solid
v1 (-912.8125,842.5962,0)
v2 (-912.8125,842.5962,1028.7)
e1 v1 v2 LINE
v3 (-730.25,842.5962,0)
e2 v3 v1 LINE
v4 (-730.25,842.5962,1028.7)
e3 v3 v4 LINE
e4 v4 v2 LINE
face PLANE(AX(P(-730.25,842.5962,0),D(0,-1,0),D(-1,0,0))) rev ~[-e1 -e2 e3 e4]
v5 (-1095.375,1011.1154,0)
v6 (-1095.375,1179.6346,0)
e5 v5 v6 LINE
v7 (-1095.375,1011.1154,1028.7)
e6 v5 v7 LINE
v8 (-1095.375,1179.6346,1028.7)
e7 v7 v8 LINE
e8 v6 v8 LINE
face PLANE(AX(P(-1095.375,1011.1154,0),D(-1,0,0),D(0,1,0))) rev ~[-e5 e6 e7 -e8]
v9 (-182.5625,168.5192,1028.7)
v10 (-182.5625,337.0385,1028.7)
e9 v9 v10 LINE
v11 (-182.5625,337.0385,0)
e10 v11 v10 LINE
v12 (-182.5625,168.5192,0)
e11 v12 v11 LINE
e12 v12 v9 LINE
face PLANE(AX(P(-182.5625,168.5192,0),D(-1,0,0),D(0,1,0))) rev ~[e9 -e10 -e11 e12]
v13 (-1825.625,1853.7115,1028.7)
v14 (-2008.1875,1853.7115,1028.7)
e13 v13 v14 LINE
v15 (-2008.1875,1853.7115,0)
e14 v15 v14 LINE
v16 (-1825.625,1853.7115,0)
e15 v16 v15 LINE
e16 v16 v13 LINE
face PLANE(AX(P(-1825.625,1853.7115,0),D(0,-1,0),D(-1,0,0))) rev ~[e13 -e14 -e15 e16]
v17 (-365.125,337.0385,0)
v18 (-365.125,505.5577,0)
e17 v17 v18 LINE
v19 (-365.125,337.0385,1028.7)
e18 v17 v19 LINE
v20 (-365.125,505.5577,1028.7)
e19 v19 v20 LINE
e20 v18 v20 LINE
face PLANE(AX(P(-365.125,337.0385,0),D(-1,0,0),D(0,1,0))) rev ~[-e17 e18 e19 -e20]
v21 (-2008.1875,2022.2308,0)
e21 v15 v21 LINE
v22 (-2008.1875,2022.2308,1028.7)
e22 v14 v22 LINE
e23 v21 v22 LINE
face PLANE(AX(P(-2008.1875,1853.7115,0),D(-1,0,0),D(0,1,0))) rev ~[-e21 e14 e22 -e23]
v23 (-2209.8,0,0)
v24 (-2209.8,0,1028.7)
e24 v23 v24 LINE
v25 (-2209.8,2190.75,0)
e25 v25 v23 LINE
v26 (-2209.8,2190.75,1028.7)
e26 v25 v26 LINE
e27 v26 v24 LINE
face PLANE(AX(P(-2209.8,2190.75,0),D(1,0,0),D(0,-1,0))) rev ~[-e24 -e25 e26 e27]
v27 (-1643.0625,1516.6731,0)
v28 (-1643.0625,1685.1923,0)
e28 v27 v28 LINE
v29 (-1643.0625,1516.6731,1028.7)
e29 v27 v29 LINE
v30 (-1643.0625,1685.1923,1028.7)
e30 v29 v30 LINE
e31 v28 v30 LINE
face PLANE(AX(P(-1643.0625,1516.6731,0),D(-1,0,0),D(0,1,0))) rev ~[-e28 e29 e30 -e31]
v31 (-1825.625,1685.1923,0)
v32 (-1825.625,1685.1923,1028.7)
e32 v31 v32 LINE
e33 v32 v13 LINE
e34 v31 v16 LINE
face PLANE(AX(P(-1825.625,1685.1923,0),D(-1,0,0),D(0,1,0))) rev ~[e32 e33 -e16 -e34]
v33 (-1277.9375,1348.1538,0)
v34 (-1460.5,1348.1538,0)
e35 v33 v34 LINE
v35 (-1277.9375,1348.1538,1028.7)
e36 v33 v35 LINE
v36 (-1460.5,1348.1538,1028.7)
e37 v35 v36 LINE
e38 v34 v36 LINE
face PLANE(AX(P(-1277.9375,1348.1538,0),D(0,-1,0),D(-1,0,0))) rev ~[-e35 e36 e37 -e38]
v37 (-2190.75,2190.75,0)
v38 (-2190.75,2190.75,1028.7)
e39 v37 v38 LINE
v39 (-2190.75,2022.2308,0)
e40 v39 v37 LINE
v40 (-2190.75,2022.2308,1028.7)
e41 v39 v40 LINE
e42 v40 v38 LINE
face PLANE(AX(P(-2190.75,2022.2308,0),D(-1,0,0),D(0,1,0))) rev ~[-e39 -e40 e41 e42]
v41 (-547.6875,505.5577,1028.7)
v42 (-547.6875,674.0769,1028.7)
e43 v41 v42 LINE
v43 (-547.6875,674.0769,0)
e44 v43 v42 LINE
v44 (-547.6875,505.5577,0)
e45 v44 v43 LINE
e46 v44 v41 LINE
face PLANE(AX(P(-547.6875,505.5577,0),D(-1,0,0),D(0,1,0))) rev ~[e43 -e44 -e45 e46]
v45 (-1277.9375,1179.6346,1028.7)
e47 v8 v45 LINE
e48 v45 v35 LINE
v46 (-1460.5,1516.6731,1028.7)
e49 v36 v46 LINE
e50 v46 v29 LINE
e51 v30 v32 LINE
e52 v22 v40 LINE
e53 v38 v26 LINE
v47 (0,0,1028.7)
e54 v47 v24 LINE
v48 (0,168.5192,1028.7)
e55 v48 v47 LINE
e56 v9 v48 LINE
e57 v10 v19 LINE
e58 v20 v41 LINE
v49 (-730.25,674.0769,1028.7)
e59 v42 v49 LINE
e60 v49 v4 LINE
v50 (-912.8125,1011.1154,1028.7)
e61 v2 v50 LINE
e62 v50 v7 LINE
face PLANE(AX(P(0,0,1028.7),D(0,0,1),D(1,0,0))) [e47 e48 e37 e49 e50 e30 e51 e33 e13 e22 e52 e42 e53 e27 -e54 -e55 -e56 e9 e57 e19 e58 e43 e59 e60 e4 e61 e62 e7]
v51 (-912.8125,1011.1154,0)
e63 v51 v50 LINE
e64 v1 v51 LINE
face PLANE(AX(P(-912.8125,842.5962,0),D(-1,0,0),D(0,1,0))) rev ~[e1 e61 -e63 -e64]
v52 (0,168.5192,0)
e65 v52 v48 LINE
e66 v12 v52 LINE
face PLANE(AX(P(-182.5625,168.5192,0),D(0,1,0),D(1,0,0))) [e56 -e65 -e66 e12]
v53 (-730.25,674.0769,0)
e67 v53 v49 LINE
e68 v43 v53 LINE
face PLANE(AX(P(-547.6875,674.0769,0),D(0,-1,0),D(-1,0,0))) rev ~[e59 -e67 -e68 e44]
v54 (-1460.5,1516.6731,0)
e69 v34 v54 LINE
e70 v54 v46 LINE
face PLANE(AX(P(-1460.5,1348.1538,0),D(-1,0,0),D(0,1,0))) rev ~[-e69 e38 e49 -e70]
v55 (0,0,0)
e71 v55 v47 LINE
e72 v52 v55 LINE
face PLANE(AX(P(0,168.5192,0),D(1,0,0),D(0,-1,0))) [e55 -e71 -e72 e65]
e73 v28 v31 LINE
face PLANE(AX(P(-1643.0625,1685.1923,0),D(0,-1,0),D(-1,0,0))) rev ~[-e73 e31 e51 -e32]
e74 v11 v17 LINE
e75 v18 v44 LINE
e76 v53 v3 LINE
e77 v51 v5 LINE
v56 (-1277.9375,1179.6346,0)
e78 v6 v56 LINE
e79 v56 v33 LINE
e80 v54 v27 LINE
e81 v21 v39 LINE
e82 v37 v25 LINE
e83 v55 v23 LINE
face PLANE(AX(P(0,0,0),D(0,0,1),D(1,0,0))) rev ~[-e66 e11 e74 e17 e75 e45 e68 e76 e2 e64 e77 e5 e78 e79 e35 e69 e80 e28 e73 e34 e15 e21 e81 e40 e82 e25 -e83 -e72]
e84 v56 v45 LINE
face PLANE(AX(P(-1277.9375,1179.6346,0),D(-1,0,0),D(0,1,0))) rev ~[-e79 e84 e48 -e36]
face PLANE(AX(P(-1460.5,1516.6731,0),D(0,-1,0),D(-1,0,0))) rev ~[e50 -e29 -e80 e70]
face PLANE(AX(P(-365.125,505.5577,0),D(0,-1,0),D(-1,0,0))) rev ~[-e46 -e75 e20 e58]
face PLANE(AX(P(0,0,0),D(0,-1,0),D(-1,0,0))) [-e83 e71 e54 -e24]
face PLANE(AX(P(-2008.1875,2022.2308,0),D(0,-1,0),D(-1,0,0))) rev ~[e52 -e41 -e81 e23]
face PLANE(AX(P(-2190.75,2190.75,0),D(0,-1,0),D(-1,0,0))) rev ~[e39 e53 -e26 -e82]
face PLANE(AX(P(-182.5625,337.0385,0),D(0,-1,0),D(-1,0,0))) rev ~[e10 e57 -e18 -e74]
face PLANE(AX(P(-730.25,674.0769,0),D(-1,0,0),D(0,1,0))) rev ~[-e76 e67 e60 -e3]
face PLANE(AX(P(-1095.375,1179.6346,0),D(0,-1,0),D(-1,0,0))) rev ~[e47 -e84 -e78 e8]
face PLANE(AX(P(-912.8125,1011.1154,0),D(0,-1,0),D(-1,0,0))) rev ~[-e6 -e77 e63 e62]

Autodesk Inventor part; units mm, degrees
ref_plane "YZ Plane" through (0, 0, 0) normal (1, 0, 0) x (0, 1, 0)
ref_plane "XZ Plane" through (0, 0, 0) normal (0, 1, 0) x (-1, 0, 0)
ref_plane "XY Plane" through (0, 0, 0) normal (0, 0, 1) x (1, 0, 0)
sketch "Sketch1" plane through (0, 0, 0) normal (0, 0, 1) x (1, 0, 0)
  line L0 (-182.5625, 168.5192) -> (-182.5625, 337.0385)
  line L1 (-182.5625, 337.0385) -> (-365.125, 337.0385)
  line L2 (-365.125, 337.0385) -> (-365.125, 505.5577)
  line L3 (-365.125, 505.5577) -> (-547.6875, 505.5577)
  line L4 (-547.6875, 505.5577) -> (-547.6875, 674.0769)
  line L5 (-547.6875, 674.0769) -> (-730.25, 674.0769)
  line L6 (-730.25, 674.0769) -> (-730.25, 842.5962)
  line L7 (-730.25, 842.5962) -> (-912.8125, 842.5962)
  line L8 (-912.8125, 842.5962) -> (-912.8125, 1011.1154)
  line L9 (-912.8125, 1011.1154) -> (-1095.375, 1011.1154)
  line L10 (-1095.375, 1011.1154) -> (-1095.375, 1179.6346)
  line L11 (-1095.375, 1179.6346) -> (-1277.9375, 1179.6346)
  line L12 (-1277.9375, 1179.6346) -> (-1277.9375, 1348.1538)
  line L13 (-1277.9375, 1348.1538) -> (-1460.5, 1348.1538)
  line L14 (-1460.5, 1348.1538) -> (-1460.5, 1516.6731)
  line L15 (-1460.5, 1516.6731) -> (-1643.0625, 1516.6731)
  line L16 (-1643.0625, 1516.6731) -> (-1643.0625, 1685.1923)
  line L17 (-1643.0625, 1685.1923) -> (-1825.625, 1685.1923)
  line L18 (-1825.625, 1685.1923) -> (-1825.625, 1853.7115)
  line L19 (-1825.625, 1853.7115) -> (-2008.1875, 1853.7115)
  line L20 (-2008.1875, 1853.7115) -> (-2008.1875, 2022.2308)
  line L21 (-2008.1875, 2022.2308) -> (-2190.75, 2022.2308)
  line L22 (-2190.75, 2022.2308) -> (-2190.75, 2190.75)
  line L23 (-2190.75, 2190.75) -> (-2209.8, 2190.75)
  line L24 (-2209.8, 2190.75) -> (-2209.8, 0)
  line L25 (-182.5625, 168.5192) -> (0, 168.5192)
  line L26 (0, 168.5192) -> (0, 0)
  line L27 (0, 0) -> (-2209.8, 0)
  point P0 (-2590.1533, 586.4349)
  dimension "d3" = 19.05
  dimension "d9" = 2190.75
  dimension "d12" = 2209.8
extrude "Extrusion1" add sketch "Sketch1" along normal blind 1028.7
properties part number "Stairs_Between_Basement_And_First_Floor" material "Wood (Southern Pine)"
